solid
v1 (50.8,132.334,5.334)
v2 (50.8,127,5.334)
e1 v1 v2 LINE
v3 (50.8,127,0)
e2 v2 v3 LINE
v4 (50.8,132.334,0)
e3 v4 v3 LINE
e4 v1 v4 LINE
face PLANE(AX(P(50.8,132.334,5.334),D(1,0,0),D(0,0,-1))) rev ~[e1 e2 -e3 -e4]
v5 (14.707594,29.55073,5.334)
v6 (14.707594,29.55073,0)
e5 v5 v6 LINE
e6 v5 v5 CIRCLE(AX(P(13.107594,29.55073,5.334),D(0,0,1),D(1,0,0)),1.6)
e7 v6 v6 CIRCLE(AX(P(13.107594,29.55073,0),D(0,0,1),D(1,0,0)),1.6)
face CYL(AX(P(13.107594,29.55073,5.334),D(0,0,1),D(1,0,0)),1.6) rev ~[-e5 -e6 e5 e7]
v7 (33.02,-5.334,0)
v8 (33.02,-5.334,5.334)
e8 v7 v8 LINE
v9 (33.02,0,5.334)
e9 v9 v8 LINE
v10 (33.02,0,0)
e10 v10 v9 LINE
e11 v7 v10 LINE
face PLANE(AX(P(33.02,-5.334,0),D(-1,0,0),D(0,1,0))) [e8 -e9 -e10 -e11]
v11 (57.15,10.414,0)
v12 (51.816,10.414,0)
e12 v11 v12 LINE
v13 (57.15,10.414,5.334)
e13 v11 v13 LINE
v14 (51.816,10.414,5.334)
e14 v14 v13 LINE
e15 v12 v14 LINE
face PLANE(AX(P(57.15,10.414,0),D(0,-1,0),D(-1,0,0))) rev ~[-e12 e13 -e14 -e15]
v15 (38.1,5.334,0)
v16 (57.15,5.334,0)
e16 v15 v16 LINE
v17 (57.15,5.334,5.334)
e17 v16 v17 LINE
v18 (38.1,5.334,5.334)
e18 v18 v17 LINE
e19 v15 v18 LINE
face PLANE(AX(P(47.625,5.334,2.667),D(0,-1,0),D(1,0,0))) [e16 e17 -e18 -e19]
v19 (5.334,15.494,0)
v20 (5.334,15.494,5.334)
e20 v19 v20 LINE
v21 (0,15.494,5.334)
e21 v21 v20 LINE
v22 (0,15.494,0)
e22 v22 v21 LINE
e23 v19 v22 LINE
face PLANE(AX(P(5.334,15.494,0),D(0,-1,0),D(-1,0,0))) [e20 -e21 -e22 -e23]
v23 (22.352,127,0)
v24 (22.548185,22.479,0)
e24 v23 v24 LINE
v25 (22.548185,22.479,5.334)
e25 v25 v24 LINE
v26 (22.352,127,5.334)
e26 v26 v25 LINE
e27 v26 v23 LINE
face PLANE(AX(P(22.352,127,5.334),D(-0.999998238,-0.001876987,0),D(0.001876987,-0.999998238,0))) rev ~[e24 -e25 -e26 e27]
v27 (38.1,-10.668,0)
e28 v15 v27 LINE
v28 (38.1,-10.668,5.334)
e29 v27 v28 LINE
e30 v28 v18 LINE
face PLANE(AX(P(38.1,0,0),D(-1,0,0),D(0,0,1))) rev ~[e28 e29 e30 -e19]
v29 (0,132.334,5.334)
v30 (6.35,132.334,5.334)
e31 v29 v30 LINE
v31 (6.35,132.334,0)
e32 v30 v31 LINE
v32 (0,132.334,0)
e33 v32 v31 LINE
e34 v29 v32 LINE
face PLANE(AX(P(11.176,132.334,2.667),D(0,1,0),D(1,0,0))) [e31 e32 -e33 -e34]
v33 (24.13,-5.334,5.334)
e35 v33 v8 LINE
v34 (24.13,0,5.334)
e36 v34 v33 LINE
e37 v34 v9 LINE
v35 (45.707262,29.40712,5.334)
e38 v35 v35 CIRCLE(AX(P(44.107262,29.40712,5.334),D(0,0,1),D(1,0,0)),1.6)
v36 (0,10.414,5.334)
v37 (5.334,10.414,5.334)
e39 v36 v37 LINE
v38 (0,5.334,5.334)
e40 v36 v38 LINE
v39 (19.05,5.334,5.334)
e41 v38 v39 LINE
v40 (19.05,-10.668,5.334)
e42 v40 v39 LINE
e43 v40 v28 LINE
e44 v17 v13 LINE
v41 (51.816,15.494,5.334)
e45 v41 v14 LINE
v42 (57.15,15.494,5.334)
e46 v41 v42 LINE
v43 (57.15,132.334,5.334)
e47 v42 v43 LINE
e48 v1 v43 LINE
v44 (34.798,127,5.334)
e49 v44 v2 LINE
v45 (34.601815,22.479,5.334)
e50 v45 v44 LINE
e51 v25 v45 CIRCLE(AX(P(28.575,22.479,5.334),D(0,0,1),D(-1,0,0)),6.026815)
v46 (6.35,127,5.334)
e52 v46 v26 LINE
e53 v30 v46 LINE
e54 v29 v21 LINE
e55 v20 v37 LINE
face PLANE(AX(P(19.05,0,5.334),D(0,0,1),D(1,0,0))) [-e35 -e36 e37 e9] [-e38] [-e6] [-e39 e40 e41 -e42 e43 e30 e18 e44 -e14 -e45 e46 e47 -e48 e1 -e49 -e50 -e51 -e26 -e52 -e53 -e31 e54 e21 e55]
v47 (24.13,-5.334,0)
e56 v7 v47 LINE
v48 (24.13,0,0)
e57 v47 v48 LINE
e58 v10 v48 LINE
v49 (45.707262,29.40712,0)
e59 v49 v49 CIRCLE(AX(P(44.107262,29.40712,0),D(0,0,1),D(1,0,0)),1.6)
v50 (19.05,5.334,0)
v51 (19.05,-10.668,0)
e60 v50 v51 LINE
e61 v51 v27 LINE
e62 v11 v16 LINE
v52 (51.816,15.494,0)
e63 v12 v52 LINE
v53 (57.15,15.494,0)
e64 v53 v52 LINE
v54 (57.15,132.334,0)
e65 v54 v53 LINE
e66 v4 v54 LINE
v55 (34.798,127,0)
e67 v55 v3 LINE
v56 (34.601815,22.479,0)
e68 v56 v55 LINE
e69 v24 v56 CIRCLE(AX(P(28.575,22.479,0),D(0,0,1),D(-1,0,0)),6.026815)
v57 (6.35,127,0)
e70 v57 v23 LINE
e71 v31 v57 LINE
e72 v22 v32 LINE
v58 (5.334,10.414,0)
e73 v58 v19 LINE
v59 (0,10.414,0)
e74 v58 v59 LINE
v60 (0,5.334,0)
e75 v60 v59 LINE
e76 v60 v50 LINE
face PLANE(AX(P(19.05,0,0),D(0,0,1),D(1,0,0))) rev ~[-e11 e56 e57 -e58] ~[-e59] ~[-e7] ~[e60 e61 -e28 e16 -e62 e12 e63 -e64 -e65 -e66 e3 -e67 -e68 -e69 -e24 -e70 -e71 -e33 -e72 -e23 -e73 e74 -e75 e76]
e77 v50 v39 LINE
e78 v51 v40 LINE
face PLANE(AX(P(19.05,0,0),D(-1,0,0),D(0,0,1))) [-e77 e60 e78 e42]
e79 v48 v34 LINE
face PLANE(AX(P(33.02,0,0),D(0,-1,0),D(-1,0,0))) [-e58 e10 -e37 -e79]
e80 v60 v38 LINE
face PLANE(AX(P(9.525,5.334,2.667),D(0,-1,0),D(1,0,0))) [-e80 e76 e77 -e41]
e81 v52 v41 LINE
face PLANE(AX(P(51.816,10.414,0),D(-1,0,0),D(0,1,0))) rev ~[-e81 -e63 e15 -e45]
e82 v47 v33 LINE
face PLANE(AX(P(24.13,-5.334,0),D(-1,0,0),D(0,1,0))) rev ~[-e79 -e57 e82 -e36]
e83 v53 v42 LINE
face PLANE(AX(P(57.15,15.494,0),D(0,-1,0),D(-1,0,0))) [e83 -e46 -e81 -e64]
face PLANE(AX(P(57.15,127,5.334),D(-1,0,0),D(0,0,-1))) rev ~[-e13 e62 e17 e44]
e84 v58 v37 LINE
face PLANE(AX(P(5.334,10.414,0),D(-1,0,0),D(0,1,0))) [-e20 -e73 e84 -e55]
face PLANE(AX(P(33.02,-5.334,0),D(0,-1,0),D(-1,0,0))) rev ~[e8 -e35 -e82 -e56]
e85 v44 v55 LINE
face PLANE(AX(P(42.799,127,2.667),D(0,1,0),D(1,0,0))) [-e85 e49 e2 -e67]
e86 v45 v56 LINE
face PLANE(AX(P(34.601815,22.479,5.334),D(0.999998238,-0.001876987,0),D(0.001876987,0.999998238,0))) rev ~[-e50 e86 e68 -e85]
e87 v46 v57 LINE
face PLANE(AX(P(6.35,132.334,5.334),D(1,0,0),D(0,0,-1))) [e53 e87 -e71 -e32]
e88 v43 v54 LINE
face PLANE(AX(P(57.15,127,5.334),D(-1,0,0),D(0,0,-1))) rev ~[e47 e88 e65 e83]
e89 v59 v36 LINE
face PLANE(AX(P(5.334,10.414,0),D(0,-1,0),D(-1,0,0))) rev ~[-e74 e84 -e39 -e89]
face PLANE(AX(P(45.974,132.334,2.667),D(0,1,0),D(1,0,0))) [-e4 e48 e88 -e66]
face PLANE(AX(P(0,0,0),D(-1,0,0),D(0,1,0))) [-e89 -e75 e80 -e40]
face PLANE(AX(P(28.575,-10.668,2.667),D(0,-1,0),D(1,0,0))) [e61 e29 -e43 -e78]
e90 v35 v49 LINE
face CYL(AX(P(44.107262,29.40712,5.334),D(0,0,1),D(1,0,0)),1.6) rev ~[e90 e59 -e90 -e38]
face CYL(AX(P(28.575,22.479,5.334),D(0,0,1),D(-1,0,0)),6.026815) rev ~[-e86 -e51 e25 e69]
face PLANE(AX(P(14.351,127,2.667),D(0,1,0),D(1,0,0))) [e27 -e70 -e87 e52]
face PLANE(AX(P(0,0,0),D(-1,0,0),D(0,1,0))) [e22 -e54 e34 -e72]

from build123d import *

# Parameters (mm, degrees)
SKETCH1_W           = 57.15
SKETCH1_H           = 127
BOSS_EXTRUDE3_DEPTH = 5.334
CUT_EXTRUDE2_DEPTH  = 140.368483008
SKETCH8_W           = 19.05
SKETCH8_H           = 5.334
CUT_EXTRUDE6_DEPTH  = 5.334
SKETCH8_5_W         = 19.05
SKETCH8_5_H         = 5.334
CUT_EXTRUDE7_DEPTH  = 5.334
SKETCH16_W          = 22.352
SKETCH16_H          = 5.334
BOSS_EXTRUDE4_DEPTH = 5.334
SKETCH32_W          = 16.002
SKETCH32_H          = 5.334
CUT_EXTRUDE13_DEPTH = 5.334
SKETCH35_R          = 1.6
CUT_EXTRUDE15_DEPTH = 145.245837417
SKETCH36_W          = 19.05
SKETCH36_H          = 5.334
BOSS_EXTRUDE5_DEPTH = 10.668
SKETCH37_W          = 8.89
SKETCH37_H          = 5.334
CUT_EXTRUDE16_DEPTH = 145.245837417
SKETCH38_W          = 5.334
SKETCH38_H          = 5.08
CUT_EXTRUDE17_DEPTH = 145.245837417


with BuildPart() as part:
    # Sketch1 → Boss-Extrude3 (new body)
    with BuildSketch(Plane.XY):
        with Locations((28.575, 63.5)):
            Rectangle(SKETCH1_W, SKETCH1_H)
    extrude(amount=BOSS_EXTRUDE3_DEPTH)

    # Sketch3 → Cut-Extrude2 (cut, through all)
    with BuildSketch(Plane.XY.offset(5.334)):
        with BuildLine():
            Line((34.798, 127), (22.352, 127))
            Line((22.352, 127), (22.548184887, 22.479))
            ThreePointArc((22.548184887, 22.479), (28.575, 16.452184887), (34.601815113, 22.479))
            Line((34.601815113, 22.479), (34.798, 127))
        make_face()
    extrude(amount=-CUT_EXTRUDE2_DEPTH, mode=Mode.SUBTRACT)

    # Sketch8 → Cut-Extrude6 (cut)
    with BuildSketch(Plane.XZ):
        with Locations((47.625, 2.667)):
            Rectangle(SKETCH8_W, SKETCH8_H)
    extrude(amount=-CUT_EXTRUDE6_DEPTH, mode=Mode.SUBTRACT)

    # Sketch8<5> → Cut-Extrude7 (cut)
    with BuildSketch(Plane.XZ):
        with Locations((47.625, 2.667)):
            Rectangle(SKETCH8_5_W, SKETCH8_5_H)
        with Locations((9.525, 2.667)):
            Rectangle(SKETCH8_5_W, SKETCH8_5_H)
    extrude(amount=-CUT_EXTRUDE7_DEPTH, mode=Mode.SUBTRACT)

    # Sketch16 → Boss-Extrude4 (add)
    with BuildSketch(Plane(origin=(0, 127, 0), x_dir=(1, 0, 0), z_dir=(0, 1, 0))):
        with Locations((45.974, -2.667)):
            Rectangle(SKETCH16_W, SKETCH16_H)
        with Locations((11.176, -2.667)):
            Rectangle(SKETCH16_W, SKETCH16_H)
    extrude(amount=BOSS_EXTRUDE4_DEPTH)

    # Sketch32 → Cut-Extrude13 (cut)
    with BuildSketch(Plane(origin=(0, 132.334, 0), x_dir=(1, 0, 0), z_dir=(0, 1, 0))):
        with Locations((14.351, -2.667)):
            Rectangle(SKETCH32_W, SKETCH32_H)
        with Locations((42.799, -2.667)):
            Rectangle(SKETCH32_W, SKETCH32_H)
    extrude(amount=-CUT_EXTRUDE13_DEPTH, mode=Mode.SUBTRACT)

    # Sketch35 → Cut-Extrude15 (cut, through all)
    with BuildSketch(Plane.XY.offset(5.334)):
        with Locations((13.107594454, 29.550730033)):
            Circle(SKETCH35_R)
        with Locations((44.107261808, 29.40711974)):
            Circle(SKETCH35_R)
    extrude(amount=-CUT_EXTRUDE15_DEPTH, mode=Mode.SUBTRACT)

    # Sketch36 → Boss-Extrude5 (add)
    with BuildSketch(Plane.XZ):
        with Locations((28.575, 2.667)):
            Rectangle(SKETCH36_W, SKETCH36_H)
    extrude(amount=BOSS_EXTRUDE5_DEPTH)

    # Sketch37 → Cut-Extrude16 (cut, through all)
    with BuildSketch(Plane(origin=(0, 0, 0), x_dir=(-1, 0, 0), z_dir=(0, 0, -1))):
        with Locations((-28.575, -2.667)):
            Rectangle(SKETCH37_W, SKETCH37_H)
    extrude(amount=-CUT_EXTRUDE16_DEPTH, mode=Mode.SUBTRACT)

    # Sketch38 → Cut-Extrude17 (cut, through all)
    with BuildSketch(Plane(origin=(0, 0, 0), x_dir=(-1, 0, 0), z_dir=(0, 0, -1))):
        with Locations((-54.483, 12.954)):
            Rectangle(SKETCH38_W, SKETCH38_H)
        with Locations((-2.667, 12.954)):
            Rectangle(SKETCH38_W, SKETCH38_H)
    extrude(amount=-CUT_EXTRUDE17_DEPTH, mode=Mode.SUBTRACT)


solid = part.part
